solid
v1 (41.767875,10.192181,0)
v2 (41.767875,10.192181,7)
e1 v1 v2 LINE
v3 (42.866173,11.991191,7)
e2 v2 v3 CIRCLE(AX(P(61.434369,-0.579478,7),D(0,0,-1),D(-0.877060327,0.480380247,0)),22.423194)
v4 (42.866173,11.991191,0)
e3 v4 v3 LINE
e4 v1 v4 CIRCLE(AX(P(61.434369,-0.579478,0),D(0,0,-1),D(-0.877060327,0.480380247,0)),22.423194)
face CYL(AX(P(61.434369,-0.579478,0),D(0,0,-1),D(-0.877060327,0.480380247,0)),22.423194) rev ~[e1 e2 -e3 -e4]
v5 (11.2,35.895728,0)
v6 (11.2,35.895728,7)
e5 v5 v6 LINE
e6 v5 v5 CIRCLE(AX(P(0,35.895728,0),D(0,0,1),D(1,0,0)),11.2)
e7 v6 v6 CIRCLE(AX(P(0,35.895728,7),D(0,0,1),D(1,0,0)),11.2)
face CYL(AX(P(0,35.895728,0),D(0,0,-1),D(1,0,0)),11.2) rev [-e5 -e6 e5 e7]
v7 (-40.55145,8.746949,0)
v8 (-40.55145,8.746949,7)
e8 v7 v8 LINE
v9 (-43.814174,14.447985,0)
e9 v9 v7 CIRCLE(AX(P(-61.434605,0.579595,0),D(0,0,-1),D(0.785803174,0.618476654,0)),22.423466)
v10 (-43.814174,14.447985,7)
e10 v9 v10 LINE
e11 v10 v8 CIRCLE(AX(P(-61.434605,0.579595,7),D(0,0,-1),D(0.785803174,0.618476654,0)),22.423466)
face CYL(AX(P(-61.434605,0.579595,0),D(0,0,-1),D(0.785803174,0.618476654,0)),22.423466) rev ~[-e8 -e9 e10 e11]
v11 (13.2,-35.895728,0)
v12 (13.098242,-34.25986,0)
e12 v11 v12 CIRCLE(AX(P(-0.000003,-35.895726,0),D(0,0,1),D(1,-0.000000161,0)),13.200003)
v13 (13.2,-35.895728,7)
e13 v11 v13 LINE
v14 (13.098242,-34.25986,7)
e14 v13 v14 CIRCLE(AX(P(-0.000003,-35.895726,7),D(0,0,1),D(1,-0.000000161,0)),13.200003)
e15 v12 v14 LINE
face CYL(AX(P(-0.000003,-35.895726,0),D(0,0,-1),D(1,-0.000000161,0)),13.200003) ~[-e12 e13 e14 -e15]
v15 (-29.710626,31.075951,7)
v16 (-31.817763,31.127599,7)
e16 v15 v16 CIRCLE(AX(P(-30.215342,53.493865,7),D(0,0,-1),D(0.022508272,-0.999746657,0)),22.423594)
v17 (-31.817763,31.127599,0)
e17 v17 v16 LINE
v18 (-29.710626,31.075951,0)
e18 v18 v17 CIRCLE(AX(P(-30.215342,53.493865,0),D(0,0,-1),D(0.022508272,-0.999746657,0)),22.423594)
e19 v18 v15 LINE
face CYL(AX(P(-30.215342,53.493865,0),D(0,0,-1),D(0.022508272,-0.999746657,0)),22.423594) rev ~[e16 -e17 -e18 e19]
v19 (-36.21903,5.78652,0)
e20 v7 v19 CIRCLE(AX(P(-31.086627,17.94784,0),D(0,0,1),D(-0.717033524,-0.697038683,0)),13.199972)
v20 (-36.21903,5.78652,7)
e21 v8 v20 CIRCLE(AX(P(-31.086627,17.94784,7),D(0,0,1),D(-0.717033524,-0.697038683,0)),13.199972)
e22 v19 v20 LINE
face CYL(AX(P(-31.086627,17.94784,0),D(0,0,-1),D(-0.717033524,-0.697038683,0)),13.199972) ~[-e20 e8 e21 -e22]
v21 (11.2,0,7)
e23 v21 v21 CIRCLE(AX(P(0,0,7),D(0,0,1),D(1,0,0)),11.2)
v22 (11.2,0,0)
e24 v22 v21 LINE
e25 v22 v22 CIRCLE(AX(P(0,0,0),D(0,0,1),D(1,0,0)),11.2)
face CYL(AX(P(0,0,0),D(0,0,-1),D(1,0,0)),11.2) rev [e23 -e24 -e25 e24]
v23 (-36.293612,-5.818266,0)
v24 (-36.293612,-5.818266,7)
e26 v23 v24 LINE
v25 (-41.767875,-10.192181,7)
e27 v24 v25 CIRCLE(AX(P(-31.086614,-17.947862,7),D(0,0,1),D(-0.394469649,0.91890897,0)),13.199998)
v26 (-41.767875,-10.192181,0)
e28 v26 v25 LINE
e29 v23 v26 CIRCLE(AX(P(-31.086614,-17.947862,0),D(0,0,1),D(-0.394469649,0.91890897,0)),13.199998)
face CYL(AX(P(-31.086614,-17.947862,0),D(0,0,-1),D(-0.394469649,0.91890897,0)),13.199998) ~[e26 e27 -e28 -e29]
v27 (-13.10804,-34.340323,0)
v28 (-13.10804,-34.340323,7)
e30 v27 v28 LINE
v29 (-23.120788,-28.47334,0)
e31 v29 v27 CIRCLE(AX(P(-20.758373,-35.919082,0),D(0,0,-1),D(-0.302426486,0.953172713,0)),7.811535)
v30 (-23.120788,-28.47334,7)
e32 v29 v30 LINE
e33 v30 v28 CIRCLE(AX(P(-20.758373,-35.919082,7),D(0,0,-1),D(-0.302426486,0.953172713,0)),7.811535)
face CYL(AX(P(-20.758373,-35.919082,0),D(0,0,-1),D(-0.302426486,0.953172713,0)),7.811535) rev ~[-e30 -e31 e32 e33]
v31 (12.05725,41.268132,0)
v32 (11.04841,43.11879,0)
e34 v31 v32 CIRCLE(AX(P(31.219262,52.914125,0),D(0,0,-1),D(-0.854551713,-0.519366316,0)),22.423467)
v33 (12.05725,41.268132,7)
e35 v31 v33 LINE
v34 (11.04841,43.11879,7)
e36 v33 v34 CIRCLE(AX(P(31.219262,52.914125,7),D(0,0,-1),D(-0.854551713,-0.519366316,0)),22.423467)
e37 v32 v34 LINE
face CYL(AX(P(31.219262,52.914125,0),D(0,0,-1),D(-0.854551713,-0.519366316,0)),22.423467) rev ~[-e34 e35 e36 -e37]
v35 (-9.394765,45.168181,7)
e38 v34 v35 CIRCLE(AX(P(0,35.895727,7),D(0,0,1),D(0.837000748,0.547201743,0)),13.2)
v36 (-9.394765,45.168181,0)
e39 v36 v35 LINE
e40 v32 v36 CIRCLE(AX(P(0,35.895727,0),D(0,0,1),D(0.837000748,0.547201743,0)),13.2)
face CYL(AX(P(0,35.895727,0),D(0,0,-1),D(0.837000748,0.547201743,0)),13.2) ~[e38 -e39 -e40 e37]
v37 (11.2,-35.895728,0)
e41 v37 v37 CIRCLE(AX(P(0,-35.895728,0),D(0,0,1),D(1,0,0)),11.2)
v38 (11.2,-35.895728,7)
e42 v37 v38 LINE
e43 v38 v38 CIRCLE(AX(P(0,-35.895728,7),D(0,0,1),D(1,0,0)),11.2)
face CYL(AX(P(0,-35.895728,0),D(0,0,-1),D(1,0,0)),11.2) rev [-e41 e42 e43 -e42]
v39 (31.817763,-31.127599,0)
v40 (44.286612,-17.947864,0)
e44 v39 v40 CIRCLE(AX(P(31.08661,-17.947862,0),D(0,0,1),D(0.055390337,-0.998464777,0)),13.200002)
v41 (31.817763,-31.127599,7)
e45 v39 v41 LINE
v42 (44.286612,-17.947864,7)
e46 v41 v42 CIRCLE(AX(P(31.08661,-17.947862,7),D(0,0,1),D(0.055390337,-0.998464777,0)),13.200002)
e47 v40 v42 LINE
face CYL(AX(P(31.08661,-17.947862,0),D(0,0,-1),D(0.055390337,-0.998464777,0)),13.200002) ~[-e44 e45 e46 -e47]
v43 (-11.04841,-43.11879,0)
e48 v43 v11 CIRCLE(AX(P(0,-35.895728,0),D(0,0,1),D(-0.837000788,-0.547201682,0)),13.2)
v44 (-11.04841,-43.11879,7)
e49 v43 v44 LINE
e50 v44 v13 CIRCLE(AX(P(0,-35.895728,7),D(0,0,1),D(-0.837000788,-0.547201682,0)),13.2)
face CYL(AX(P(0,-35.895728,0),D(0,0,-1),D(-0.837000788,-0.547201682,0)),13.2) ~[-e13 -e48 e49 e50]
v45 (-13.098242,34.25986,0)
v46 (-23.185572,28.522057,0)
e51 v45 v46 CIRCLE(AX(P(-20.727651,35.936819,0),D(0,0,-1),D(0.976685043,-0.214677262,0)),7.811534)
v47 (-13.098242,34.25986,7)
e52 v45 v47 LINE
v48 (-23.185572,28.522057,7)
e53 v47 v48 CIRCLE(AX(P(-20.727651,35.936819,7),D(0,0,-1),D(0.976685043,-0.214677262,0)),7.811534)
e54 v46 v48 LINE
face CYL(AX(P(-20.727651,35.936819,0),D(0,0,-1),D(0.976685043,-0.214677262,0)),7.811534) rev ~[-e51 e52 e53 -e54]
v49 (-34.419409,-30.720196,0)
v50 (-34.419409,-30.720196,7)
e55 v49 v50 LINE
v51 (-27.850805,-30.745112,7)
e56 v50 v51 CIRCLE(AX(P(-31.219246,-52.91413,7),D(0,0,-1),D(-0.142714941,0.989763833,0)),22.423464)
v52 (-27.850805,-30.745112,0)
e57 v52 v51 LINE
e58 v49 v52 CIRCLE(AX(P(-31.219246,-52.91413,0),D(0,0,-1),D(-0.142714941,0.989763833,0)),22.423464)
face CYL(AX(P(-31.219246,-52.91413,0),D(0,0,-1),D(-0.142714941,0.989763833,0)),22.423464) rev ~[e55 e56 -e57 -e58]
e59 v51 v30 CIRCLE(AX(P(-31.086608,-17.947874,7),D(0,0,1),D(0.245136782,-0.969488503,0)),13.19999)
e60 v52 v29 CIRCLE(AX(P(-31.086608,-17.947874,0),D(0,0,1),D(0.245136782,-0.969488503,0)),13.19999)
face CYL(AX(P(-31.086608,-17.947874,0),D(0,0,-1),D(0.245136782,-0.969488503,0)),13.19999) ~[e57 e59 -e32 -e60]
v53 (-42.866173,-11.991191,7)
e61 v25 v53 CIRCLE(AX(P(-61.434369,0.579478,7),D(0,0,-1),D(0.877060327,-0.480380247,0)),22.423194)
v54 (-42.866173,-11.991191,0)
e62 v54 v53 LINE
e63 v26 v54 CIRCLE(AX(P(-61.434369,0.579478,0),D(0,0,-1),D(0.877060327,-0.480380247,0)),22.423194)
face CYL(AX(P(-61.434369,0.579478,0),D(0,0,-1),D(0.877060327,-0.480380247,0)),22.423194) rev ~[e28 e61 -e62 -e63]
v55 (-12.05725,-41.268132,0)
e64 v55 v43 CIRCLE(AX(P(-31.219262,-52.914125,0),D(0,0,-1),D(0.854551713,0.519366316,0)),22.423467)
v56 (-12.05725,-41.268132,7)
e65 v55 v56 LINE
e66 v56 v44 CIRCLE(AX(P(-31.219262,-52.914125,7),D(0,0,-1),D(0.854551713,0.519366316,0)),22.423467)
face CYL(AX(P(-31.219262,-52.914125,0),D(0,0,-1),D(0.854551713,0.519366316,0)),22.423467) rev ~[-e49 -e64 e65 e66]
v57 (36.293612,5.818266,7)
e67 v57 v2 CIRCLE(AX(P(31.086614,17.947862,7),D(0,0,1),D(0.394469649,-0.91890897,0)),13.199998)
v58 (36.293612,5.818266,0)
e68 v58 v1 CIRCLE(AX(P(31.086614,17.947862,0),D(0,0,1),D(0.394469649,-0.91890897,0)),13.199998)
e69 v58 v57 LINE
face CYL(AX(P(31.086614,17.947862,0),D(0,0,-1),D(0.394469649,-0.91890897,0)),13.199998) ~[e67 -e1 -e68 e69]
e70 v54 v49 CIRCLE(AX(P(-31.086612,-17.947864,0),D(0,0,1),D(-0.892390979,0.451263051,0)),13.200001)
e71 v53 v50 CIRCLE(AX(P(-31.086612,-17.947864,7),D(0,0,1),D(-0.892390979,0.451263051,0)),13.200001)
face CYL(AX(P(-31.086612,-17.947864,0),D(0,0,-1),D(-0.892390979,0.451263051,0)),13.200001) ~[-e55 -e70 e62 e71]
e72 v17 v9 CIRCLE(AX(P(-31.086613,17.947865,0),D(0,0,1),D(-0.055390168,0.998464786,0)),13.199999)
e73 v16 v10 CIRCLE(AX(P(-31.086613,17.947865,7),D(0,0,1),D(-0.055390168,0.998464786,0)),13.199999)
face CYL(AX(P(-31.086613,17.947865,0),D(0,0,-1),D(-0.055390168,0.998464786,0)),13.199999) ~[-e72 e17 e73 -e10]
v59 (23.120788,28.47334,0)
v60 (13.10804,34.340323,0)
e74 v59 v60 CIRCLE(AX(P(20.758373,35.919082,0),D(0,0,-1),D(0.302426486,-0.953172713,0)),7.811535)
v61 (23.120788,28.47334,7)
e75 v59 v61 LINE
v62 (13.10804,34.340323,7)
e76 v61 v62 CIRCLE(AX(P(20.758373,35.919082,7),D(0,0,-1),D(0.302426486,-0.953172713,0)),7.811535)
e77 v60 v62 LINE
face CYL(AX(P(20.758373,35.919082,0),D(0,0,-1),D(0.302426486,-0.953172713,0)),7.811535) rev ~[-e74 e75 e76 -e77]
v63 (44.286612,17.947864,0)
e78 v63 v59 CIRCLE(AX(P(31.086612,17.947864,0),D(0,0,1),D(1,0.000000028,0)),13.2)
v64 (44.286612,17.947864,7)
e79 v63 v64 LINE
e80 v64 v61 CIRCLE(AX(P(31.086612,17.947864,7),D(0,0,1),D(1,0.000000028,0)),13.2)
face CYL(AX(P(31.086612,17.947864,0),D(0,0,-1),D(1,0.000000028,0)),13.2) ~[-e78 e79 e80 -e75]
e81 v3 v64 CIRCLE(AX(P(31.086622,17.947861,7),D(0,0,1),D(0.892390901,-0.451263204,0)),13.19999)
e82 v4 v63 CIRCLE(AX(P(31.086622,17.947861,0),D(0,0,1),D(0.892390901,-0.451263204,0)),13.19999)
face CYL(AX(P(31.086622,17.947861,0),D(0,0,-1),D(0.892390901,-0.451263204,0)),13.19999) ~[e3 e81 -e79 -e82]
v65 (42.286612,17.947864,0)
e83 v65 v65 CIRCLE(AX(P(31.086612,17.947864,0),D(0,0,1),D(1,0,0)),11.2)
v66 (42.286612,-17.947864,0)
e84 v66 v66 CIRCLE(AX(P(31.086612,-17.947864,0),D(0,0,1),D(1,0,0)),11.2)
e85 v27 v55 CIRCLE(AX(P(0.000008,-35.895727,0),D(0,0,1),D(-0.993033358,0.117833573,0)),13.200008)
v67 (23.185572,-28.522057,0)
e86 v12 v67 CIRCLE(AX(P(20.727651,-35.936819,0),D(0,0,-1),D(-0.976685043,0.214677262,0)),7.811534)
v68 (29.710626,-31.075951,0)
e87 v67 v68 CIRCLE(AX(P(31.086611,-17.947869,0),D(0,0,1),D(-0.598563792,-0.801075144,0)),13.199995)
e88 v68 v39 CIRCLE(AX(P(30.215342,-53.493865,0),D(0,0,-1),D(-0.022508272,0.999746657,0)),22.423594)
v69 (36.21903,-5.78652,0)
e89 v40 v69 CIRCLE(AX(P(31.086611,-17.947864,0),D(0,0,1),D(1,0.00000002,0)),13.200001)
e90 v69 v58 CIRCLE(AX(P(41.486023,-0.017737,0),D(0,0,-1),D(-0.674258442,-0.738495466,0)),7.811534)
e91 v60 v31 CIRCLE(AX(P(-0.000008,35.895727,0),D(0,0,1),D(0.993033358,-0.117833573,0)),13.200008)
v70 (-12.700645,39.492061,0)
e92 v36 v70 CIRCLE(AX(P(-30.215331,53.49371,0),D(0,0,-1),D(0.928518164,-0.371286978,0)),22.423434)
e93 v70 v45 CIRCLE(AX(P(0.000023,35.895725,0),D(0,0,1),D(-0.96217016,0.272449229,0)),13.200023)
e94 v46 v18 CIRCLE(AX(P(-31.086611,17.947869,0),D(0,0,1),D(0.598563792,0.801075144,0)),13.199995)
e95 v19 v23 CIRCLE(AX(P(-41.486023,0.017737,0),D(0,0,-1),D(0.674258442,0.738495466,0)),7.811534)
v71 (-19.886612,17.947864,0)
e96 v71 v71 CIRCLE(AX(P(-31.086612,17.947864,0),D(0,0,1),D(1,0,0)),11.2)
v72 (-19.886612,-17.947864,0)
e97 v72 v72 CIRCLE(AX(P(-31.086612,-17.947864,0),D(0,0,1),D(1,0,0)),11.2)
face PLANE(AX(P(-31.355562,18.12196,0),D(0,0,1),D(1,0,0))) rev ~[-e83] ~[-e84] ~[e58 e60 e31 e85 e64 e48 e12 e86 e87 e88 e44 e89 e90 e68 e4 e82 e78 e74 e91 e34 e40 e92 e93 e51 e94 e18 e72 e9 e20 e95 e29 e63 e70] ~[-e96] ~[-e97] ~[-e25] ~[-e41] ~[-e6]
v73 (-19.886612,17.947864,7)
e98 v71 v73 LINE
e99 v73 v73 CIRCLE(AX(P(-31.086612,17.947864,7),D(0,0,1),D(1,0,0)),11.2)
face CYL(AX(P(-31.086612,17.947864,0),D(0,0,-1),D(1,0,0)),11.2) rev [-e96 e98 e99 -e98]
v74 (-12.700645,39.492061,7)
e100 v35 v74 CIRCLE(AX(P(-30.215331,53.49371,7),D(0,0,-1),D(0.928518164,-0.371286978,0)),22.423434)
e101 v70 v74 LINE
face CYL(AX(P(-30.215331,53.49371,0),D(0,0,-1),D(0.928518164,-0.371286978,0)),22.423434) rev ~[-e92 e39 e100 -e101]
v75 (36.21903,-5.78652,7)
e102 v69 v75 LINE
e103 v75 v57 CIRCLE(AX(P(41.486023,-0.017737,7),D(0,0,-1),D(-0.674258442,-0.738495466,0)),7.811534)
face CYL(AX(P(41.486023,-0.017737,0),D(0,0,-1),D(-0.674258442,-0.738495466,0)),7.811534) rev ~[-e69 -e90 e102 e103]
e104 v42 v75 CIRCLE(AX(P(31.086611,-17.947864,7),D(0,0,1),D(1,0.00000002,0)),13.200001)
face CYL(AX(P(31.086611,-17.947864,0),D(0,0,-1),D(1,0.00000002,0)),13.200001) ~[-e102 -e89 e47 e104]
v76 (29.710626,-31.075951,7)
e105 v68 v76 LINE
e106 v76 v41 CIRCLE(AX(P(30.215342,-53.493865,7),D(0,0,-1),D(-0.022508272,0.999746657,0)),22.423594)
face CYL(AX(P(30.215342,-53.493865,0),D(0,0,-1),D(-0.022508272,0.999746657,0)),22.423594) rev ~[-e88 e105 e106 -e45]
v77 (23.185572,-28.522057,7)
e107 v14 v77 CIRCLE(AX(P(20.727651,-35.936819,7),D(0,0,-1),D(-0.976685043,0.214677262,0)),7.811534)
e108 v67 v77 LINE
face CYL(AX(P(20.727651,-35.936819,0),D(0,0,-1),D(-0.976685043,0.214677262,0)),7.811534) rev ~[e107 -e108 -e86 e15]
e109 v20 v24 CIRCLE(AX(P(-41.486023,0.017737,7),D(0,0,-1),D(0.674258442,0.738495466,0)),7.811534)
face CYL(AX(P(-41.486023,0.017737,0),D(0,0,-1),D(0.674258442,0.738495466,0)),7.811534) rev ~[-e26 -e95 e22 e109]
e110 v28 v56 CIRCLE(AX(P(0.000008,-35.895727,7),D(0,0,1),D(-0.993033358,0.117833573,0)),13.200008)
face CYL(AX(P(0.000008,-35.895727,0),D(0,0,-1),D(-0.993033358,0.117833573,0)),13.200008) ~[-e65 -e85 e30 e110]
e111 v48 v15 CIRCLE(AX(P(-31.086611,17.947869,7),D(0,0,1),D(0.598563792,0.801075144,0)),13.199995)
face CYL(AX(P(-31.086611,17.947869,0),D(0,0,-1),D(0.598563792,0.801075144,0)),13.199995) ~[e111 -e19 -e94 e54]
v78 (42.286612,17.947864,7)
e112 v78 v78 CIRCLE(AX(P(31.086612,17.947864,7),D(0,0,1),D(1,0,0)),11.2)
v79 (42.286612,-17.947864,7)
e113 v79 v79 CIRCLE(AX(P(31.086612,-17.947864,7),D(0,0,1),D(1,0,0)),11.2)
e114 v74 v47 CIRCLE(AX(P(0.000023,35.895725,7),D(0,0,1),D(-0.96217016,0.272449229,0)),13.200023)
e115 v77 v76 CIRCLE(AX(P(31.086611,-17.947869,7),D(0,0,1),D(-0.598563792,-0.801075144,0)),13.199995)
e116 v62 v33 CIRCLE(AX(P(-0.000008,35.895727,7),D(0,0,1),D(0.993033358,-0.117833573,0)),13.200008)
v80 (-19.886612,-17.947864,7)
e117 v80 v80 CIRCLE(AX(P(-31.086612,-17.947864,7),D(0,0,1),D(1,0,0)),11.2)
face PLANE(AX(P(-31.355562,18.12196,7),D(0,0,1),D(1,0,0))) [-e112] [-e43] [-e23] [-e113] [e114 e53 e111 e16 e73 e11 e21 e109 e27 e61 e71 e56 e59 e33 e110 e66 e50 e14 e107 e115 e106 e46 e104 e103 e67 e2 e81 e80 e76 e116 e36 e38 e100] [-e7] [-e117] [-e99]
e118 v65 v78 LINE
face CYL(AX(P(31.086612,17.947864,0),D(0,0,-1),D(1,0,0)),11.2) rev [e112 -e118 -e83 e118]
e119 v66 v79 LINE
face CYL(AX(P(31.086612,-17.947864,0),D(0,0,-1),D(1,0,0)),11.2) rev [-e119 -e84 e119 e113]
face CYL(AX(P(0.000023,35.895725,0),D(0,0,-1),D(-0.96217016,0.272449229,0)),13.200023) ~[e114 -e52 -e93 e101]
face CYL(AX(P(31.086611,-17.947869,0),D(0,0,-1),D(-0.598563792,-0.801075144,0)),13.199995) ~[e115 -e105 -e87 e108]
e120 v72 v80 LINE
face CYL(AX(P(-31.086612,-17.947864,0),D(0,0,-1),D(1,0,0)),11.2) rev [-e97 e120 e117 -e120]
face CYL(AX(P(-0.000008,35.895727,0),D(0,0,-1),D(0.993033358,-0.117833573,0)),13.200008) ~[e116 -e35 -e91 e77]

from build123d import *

# Parameters (mm, degrees)
F0_R     = 11.2
F0_R_2   = 13.2
F1_DEPTH = 7


with BuildPart() as f1:
    # F0 (on Top) → F1 (new body)
    with BuildSketch(Plane.XY):
        with BuildLine():
            ThreePointArc((-36.21903, 5.78652), (-19.634866, 11.382994), (-23.185572, 28.522057))
            ThreePointArc((-23.185572, 28.522057), (-26.275542, 30.239878), (-29.710626, 31.075951))
            ThreePointArc((-29.710626, 31.075951), (-30.764801, 31.077003), (-31.817763, 31.127599))
            ThreePointArc((-31.817763, 31.127599), (-41.802797, 25.655223), (-43.814174, 14.447985))
            ThreePointArc((-43.814174, 14.447985), (-41.972925, 11.717586), (-40.55145, 8.746949))
            ThreePointArc((-40.55145, 8.746949), (-38.533827, 7.049286), (-36.21903, 5.78652))
        make_face()
        with Locations((-31.086612, 17.947864)):
            Circle(F0_R, mode=Mode.SUBTRACT)
        with BuildLine():
            ThreePointArc((-9.394765, 45.168181), (-10.838735, 42.208413), (-12.700645, 39.492061))
            ThreePointArc((-12.700645, 39.492061), (-13.162052, 36.895916), (-13.098242, 34.25986))
            ThreePointArc((-13.098242, 34.25986), (0.040529, 22.69579), (13.10804, 34.340323))
            ThreePointArc((13.10804, 34.340323), (13.050731, 37.875226), (12.05725, 41.268132))
            ThreePointArc((12.05725, 41.268132), (11.531073, 42.181601), (11.04841, 43.11879))
            ThreePointArc((11.04841, 43.11879), (1.316676, 49.029895), (-9.394765, 45.168181))
        make_face()
        with Locations((0, 35.895728)):
            Circle(F0_R, mode=Mode.SUBTRACT)
        with BuildLine():
            ThreePointArc((44.286612, 17.947864), (36.964159, 29.767104), (23.120788, 28.47334))
            ThreePointArc((23.120788, 28.47334), (19.675395, 11.312796), (36.293612, 5.818266))
            ThreePointArc((36.293612, 5.818266), (39.326273, 7.635348), (41.767875, 10.192181))
            ThreePointArc((41.767875, 10.192181), (42.295874, 11.104598), (42.866173, 11.991191))
            ThreePointArc((42.866173, 11.991191), (43.926593, 14.886018), (44.286612, 17.947864))
        make_face()
        with Locations((31.086612, 17.947864)):
            Circle(F0_R, mode=Mode.SUBTRACT)
        with BuildLine():
            ThreePointArc((13.10804, 34.340323), (0.040529, 22.69579), (-13.098242, 34.25986))
            ThreePointArc((-13.098242, 34.25986), (-16.865441, 29.14687), (-23.185572, 28.522057))
            ThreePointArc((-23.185572, 28.522057), (-19.634866, 11.382994), (-36.21903, 5.78652))
            ThreePointArc((-36.21903, 5.78652), (-33.67465, -0.032465), (-36.293612, -5.818266))
            ThreePointArc((-36.293612, -5.818266), (-19.675395, -11.312796), (-23.120788, -28.47334))
            ThreePointArc((-23.120788, -28.47334), (-16.80921, -29.179335), (-13.10804, -34.340323))
            ThreePointArc((-13.10804, -34.340323), (-0.040529, -22.69579), (13.098242, -34.25986))
            ThreePointArc((13.098242, -34.25986), (16.865441, -29.14687), (23.185572, -28.522057))
            ThreePointArc((23.185572, -28.522057), (19.634866, -11.382994), (36.21903, -5.78652))
            ThreePointArc((36.21903, -5.78652), (33.67465, 0.032465), (36.293612, 5.818266))
            ThreePointArc((36.293612, 5.818266), (19.675395, 11.312796), (23.120788, 28.47334))
            ThreePointArc((23.120788, 28.47334), (16.80921, 29.179335), (13.10804, 34.340323))
        make_face()
        Circle(F0_R_2, mode=Mode.SUBTRACT)
        with BuildLine():
            ThreePointArc((44.286612, -17.947864), (42.086337, -10.650875), (36.21903, -5.78652))
            ThreePointArc((36.21903, -5.78652), (19.634866, -11.382994), (23.185572, -28.522057))
            ThreePointArc((23.185572, -28.522057), (26.275542, -30.239878), (29.710626, -31.075951))
            ThreePointArc((29.710626, -31.075951), (30.764801, -31.077003), (31.817763, -31.127599))
            ThreePointArc((31.817763, -31.127599), (40.675438, -27.01949), (44.286612, -17.947864))
        make_face()
        with Locations((31.086612, -17.947864)):
            Circle(F0_R, mode=Mode.SUBTRACT)
        with BuildLine():
            ThreePointArc((13.098242, -34.25986), (-0.040529, -22.69579), (-13.10804, -34.340323))
            ThreePointArc((-13.10804, -34.340323), (-13.050731, -37.875226), (-12.05725, -41.268132))
            ThreePointArc((-12.05725, -41.268132), (-11.531073, -42.181601), (-11.04841, -43.11879))
            ThreePointArc((-11.04841, -43.11879), (3.768354, -48.5464), (13.2, -35.895728))
            ThreePointArc((13.2, -35.895728), (13.174536, -35.076213), (13.098242, -34.25986))
        make_face()
        with Locations((0, -35.895728)):
            Circle(F0_R, mode=Mode.SUBTRACT)
        with BuildLine():
            ThreePointArc((-23.120788, -28.47334), (-19.675395, -11.312796), (-36.293612, -5.818266))
            ThreePointArc((-36.293612, -5.818266), (-39.326273, -7.635348), (-41.767875, -10.192181))
            ThreePointArc((-41.767875, -10.192181), (-42.295874, -11.104598), (-42.866173, -11.991191))
            ThreePointArc((-42.866173, -11.991191), (-43.119473, -23.374673), (-34.419409, -30.720196))
            ThreePointArc((-34.419409, -30.720196), (-31.13419, -30.490827), (-27.850805, -30.745112))
            ThreePointArc((-27.850805, -30.745112), (-25.371774, -29.84663), (-23.120788, -28.47334))
        make_face()
        with Locations((-31.086612, -17.947864)):
            Circle(F0_R, mode=Mode.SUBTRACT)
        Circle(F0_R_2)
        Circle(F0_R, mode=Mode.SUBTRACT)
    extrude(amount=F1_DEPTH)


solid = f1.part
